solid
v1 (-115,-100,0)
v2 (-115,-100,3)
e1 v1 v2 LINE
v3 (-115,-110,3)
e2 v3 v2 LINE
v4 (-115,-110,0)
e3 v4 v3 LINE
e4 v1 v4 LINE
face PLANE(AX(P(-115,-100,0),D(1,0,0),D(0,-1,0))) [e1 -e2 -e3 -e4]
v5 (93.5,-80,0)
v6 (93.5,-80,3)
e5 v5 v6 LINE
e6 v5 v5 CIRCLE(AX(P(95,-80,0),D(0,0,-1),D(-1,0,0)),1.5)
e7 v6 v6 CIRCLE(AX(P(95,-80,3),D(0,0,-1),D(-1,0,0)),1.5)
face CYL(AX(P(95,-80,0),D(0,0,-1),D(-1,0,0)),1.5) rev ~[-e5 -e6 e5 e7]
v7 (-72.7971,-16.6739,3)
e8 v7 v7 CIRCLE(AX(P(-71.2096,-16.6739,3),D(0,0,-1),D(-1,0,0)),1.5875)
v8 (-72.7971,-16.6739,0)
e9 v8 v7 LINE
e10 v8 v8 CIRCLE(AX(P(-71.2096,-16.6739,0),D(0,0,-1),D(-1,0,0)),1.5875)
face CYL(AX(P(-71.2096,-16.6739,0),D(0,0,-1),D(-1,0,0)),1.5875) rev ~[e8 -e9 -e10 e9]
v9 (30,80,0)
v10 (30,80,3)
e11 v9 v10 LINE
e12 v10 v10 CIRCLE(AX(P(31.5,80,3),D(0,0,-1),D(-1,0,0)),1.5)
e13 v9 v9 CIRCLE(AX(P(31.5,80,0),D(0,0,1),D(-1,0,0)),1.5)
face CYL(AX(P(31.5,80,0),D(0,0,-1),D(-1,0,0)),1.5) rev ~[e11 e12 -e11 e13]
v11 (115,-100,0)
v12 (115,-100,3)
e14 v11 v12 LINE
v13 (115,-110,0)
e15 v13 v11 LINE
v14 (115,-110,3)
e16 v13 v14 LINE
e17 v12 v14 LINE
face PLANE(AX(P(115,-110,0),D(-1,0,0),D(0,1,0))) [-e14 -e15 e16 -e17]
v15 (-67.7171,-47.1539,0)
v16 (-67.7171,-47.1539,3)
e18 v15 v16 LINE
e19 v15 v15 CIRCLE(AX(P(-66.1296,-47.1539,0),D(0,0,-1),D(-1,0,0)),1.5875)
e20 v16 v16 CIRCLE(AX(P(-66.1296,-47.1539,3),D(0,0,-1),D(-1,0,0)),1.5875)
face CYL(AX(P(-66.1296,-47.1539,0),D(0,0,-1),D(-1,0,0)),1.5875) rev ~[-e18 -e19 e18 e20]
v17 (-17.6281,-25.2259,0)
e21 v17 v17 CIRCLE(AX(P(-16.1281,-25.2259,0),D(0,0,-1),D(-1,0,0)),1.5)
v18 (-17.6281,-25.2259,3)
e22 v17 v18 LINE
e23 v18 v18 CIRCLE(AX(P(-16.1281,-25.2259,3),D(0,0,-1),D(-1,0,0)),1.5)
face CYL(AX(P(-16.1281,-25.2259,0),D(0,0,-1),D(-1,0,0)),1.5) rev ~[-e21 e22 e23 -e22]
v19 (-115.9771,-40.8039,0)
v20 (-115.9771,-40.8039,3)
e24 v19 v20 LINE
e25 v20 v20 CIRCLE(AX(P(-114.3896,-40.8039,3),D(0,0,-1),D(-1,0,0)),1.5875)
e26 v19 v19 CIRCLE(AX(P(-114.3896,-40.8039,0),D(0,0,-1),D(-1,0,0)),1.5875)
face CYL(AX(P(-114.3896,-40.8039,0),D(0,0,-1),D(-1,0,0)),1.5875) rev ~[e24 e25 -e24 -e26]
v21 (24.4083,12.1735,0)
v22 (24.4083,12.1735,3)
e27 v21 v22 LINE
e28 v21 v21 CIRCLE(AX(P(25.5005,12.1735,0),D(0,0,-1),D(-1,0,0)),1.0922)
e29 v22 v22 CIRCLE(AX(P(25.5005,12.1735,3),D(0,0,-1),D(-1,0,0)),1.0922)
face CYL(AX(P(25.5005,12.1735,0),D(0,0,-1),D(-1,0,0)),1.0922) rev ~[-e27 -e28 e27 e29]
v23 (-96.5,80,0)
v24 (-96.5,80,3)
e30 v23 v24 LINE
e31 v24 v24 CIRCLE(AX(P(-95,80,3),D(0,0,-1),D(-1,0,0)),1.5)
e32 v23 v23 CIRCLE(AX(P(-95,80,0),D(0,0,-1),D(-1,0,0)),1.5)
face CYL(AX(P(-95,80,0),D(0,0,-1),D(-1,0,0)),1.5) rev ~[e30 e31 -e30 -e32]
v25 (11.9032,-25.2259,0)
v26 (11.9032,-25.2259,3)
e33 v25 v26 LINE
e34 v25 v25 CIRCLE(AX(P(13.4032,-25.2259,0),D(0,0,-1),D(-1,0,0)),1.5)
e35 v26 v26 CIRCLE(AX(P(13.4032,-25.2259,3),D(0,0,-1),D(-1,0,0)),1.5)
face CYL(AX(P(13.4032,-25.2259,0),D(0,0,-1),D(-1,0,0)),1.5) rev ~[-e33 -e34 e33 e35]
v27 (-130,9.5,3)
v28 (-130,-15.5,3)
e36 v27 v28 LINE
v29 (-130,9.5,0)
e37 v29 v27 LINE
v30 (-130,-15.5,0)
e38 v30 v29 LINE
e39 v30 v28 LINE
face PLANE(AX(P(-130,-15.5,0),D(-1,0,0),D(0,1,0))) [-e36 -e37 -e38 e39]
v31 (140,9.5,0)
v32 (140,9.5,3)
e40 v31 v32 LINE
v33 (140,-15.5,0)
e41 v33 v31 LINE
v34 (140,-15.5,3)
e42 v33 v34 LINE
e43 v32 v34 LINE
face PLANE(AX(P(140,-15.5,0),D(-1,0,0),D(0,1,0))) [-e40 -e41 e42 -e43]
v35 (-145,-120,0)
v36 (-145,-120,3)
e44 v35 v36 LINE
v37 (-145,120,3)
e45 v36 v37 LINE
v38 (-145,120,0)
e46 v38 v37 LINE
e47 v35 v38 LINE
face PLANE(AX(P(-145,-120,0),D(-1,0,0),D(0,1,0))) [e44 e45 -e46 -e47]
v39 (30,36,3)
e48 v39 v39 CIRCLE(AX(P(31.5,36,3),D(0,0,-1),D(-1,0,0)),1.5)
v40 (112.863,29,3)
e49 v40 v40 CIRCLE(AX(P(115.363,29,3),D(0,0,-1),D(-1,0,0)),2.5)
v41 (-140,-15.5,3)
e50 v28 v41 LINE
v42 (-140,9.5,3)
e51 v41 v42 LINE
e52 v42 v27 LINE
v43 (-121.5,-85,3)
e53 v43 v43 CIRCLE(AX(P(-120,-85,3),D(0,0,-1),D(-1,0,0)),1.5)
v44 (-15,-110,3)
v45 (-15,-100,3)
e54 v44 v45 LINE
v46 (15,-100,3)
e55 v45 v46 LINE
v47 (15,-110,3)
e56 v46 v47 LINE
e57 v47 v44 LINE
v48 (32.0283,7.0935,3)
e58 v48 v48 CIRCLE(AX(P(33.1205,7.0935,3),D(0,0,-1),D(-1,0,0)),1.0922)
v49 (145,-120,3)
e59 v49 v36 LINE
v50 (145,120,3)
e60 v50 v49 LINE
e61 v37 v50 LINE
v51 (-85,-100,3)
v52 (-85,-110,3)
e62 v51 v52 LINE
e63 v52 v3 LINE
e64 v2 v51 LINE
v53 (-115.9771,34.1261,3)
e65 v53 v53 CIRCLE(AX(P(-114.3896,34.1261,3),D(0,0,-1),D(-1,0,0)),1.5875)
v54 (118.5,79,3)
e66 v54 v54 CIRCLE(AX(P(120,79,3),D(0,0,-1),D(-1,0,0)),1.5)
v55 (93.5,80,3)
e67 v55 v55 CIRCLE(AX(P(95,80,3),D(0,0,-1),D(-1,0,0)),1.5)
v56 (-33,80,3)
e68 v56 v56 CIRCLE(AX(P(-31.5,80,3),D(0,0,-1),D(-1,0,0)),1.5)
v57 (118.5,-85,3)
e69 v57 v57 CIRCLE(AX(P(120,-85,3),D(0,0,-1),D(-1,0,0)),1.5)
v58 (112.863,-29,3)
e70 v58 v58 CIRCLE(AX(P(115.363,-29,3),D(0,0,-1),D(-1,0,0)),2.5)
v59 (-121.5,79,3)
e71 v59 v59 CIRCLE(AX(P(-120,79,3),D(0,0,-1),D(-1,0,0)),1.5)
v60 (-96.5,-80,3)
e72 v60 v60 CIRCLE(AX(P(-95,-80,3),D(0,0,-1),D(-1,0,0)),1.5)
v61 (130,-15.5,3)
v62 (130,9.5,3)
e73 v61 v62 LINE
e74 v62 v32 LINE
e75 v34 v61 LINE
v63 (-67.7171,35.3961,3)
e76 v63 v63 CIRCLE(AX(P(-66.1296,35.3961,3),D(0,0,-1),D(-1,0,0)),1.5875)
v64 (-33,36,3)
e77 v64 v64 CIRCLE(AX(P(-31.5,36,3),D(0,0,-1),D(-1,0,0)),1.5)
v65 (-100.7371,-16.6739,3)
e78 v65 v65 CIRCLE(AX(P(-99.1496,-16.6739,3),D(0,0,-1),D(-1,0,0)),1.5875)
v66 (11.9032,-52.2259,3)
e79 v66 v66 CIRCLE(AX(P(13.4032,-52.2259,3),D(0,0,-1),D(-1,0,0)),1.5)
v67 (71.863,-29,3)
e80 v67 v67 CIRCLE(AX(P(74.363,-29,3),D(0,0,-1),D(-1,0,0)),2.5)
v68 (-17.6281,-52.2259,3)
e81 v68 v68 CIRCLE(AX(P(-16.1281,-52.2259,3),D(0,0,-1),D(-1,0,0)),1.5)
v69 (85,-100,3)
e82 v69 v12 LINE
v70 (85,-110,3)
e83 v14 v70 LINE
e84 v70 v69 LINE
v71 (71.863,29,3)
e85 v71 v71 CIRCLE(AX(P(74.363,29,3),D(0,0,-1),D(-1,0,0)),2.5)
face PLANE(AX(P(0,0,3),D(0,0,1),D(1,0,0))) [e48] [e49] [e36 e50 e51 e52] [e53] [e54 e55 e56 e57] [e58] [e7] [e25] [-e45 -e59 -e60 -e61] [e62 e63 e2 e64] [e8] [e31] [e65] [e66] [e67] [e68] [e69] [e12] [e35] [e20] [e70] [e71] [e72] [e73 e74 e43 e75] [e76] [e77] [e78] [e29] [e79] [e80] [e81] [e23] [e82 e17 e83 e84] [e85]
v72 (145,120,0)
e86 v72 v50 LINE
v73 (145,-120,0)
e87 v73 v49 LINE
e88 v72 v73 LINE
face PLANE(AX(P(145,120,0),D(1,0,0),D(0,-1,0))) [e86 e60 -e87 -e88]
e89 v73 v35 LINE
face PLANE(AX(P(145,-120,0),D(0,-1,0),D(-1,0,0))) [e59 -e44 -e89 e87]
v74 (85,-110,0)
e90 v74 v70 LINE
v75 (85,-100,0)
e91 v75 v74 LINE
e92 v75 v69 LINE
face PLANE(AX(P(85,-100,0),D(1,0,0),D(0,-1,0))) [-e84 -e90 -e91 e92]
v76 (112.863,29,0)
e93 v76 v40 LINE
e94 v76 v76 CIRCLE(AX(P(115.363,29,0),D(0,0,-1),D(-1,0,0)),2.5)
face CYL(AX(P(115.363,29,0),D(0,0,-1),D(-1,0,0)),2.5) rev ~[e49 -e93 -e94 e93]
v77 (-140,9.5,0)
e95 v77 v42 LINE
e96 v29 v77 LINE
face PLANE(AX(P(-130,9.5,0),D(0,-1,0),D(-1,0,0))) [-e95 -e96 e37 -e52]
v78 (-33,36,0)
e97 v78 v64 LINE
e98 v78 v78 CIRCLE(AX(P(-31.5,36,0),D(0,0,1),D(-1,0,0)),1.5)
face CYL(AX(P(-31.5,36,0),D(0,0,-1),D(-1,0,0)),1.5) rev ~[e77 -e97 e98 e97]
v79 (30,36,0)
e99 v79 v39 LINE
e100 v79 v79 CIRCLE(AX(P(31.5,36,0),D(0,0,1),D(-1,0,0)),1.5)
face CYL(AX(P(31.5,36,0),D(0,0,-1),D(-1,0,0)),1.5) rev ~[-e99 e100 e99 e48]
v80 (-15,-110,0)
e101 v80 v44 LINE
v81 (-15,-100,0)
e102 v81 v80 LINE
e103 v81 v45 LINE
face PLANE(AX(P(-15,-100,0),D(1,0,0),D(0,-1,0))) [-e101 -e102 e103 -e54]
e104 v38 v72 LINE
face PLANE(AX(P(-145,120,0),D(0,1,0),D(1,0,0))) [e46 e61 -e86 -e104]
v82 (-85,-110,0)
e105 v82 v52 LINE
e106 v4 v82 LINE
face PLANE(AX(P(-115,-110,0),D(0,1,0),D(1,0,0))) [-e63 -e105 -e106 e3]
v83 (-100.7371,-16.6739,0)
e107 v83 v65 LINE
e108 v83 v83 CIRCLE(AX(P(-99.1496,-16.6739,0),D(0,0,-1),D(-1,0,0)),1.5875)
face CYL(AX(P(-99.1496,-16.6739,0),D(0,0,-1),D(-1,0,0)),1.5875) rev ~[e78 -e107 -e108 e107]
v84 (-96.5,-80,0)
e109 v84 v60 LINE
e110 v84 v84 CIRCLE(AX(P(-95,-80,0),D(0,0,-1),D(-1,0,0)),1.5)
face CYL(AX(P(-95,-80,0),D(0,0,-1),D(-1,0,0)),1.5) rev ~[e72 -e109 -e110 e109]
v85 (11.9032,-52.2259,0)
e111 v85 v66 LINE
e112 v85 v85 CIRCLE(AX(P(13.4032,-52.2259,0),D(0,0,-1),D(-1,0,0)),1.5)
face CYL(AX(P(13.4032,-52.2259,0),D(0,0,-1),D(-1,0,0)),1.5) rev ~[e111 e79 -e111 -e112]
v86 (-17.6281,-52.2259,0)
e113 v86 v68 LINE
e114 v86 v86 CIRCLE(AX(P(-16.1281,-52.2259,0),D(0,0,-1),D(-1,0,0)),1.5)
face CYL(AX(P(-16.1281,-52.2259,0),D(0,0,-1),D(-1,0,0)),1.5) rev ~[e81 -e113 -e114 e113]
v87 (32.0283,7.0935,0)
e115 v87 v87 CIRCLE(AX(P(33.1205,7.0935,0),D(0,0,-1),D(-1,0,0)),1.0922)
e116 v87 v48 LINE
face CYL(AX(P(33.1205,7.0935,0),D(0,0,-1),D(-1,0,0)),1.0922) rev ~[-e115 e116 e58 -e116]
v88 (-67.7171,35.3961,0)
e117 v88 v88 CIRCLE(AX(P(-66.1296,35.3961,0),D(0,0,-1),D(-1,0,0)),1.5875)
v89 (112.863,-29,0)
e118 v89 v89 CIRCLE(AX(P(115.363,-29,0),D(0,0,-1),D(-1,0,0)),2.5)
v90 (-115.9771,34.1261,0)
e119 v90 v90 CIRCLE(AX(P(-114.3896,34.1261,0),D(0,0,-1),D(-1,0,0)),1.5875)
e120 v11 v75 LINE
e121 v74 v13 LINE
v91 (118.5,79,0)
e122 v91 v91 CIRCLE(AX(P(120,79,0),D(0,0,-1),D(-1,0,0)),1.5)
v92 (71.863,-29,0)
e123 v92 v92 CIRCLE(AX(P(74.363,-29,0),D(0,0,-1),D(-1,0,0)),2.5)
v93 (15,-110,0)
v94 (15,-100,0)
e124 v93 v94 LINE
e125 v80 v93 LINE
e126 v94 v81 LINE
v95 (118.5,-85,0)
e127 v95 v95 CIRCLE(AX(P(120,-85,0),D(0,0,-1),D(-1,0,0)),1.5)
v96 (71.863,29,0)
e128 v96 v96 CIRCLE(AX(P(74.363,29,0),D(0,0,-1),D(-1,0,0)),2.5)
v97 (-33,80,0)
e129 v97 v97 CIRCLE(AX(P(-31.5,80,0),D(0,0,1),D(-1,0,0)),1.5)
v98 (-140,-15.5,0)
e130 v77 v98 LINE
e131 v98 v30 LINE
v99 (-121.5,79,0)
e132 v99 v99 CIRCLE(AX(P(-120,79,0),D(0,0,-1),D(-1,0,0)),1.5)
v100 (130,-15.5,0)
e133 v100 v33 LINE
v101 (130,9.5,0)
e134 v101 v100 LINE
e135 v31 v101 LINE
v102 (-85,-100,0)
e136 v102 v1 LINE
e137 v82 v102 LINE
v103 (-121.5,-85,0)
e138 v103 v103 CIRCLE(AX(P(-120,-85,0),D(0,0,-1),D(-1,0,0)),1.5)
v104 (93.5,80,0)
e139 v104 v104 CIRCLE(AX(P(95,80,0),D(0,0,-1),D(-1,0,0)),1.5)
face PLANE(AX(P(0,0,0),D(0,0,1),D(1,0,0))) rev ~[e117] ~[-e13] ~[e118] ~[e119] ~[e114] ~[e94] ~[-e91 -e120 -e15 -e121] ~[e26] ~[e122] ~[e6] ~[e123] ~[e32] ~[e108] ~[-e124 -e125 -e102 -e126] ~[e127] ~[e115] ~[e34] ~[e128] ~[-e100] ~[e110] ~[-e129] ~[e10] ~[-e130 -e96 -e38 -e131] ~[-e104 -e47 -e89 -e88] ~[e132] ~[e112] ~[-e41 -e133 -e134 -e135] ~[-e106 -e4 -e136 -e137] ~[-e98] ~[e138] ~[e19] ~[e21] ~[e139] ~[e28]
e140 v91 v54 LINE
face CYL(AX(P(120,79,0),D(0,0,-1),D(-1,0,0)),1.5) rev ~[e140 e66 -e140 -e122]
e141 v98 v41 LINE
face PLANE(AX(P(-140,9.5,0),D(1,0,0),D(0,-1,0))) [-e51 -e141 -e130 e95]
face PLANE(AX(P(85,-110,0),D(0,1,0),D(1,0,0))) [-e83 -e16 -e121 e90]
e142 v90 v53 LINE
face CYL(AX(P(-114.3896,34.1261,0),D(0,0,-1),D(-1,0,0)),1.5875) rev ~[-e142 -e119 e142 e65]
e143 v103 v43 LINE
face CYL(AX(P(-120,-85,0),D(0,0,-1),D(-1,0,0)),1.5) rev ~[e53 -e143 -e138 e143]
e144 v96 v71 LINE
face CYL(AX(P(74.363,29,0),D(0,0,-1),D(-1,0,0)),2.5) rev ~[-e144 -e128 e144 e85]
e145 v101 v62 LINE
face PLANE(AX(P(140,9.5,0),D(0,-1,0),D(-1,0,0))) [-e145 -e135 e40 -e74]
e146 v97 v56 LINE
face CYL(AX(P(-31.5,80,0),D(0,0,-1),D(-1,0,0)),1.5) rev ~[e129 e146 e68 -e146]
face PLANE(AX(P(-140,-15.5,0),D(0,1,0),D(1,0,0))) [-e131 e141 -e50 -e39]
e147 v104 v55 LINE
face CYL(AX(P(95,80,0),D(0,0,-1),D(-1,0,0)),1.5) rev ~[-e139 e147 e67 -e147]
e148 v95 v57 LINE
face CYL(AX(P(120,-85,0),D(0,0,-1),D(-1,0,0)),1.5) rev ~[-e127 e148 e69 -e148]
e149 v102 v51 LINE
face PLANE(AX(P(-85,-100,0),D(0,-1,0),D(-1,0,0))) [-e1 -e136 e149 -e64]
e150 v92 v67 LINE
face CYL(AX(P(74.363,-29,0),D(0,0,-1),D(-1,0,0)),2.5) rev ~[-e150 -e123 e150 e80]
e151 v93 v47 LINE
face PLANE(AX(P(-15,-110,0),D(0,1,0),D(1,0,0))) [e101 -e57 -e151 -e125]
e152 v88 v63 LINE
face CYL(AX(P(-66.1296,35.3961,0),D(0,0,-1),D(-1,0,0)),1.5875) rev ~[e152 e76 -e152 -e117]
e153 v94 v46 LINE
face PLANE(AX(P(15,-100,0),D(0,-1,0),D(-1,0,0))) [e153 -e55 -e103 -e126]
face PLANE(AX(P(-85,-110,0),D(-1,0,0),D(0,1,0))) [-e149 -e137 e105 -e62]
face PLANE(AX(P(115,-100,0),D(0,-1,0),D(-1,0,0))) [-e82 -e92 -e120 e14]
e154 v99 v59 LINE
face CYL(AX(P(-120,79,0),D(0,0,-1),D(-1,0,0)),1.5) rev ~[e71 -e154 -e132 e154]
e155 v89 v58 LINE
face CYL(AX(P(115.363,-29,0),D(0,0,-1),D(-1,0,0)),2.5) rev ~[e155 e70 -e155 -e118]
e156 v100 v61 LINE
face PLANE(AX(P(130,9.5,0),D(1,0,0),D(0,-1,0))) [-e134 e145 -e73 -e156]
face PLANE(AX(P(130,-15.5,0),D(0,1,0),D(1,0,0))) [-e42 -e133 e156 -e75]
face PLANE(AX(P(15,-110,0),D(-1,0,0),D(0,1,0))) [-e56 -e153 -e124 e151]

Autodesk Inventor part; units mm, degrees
ref_plane "YZ Plane" through (0, 0, 0) normal (1, 0, 0) x (0, 1, 0)
ref_plane "XZ Plane" through (0, 0, 0) normal (0, 1, 0) x (-1, 0, 0)
ref_plane "XY Plane" through (0, 0, 0) normal (0, 0, 1) x (1, 0, 0)
sketch "Эскиз1" plane through (0, 0, 0) normal (0, 0, 1) x (1, 0, 0)
  line L0 (-145, 120) -> (145, 120)
  line L1 (145, 120) -> (145, -120)
  line L2 (145, -120) -> (-145, -120)
  line L3 (-145, -120) -> (-145, 120)
  line L4 (-145, 120) -> (145, -120) construction
  line L5 (145, 120) -> (-145, -120) construction
  point P0 (0, 0)
  dimension "d0" = 290
  dimension "d1" = 240
extrude "Выдавливание1" add sketch "Эскиз1" along normal blind 3
sketch "Эскиз2" plane through (0, 0, 3) normal (0, 0, 1) x (1, 0, 0)
  line L0 (-5, 95) -> (5, 95)
  line L1 (145, 120) -> (-145, 120) projected
  line L2 (0, 168) -> (0, -168) projected
  line L3 (-101.423, -89.3301) -> (-106.423, -80.6699)
  line L4 (106.423, -80.6699) -> (101.423, -89.3301)
  point P0 (0, 0)
  point P1 (0, 95)
  point P2 (0, -25)
  point P3 (-103.923, -85)
  point P4 (103.923, -85)
  dimension "d4" = 25
  dimension "d5" = 10
  dimension "d8" = 360
  dimension "d10" = 120
sketch "Эскиз4" plane through (0, 0, 0) normal (0, 0, -1) x (-1, 0, 0)
  line L0 (130, -15.5) -> (130, 9.5) projected
  line L1 (130, 9.5) -> (140, 9.5) projected
  line L2 (140, 9.5) -> (140, -15.5) projected
  line L3 (140, -15.5) -> (130, -15.5) projected
  line L4 (-15, -100) -> (15, -100) projected
  line L5 (15, -100) -> (15, -110) projected
  line L6 (15, -110) -> (-15, -110) projected
  line L7 (-15, -110) -> (-15, -100) projected
  line L8 (115, -100) -> (115, -110) projected
  line L9 (115, -110) -> (85, -110) projected
  line L10 (85, -110) -> (85, -100) projected
  line L11 (85, -100) -> (115, -100) projected
  line L12 (-130, -15.5) -> (-140, -15.5) projected
  line L13 (-140, -15.5) -> (-140, 9.5) projected
  line L14 (-140, 9.5) -> (-130, 9.5) projected
  line L15 (-130, 9.5) -> (-130, -15.5) projected
  circle A0 centre (120, 79) radius 1.5 projected
  circle A1 centre (-120, -85) radius 1.5 projected
  circle A2 centre (120, -85) radius 1.5 projected
  line L16 (-85, -100) -> (-85, -110) projected
  line L17 (-85, -110) -> (-115, -110) projected
  line L18 (-115, -110) -> (-115, -100) projected
  line L19 (-115, -100) -> (-85, -100) projected
  circle A3 centre (-120, 79) radius 1.5 projected
  line L20 (150, 119) -> (-150, 119) projected
  line L21 (-150, 119) -> (-150, -125) projected
  line L22 (-150, -125) -> (150, -125) projected
  line L23 (150, -125) -> (150, 119) projected
  point P0 (0, 0)
extrude "Выдавливание3" cut sketch "Эскиз4" against normal blind 10 contours L0 L1 L2 L3 | L4 L5 L6 L7 | L8 L9 L10 L11 | L12 L13 L14 L15 | A0 | A1 | A2 | L16 L17 L18 L19 | A3
sketch "Эскиз6" plane through (0, 0, 0) normal (0, 0, -1) x (-1, 0, 0)
  circle A0 centre (-115.363, -29) radius 2.5 projected
  circle A1 centre (-115.363, 29) radius 2.5 projected
  circle A2 centre (-74.363, 29) radius 2.5 projected
  circle A3 centre (-74.363, -29) radius 2.5 projected
  circle A4 centre (-25.5005, 12.1735) radius 1.0922 projected
  circle A5 centre (-33.1205, 7.0935) radius 1.0922 projected
  circle A6 centre (-25.5005, 12.1735) radius 1.0922 projected
  circle A7 centre (16.1281, -25.2259) radius 1.5 projected
  circle A8 centre (16.1281, -52.2259) radius 1.5 projected
  circle A9 centre (-13.4032, -52.2259) radius 1.5 projected
  circle A10 centre (-13.4032, -25.2259) radius 1.5 projected
  circle A11 centre (66.1296, 35.3961) radius 1.5875 projected
  circle A12 centre (66.1296, -47.1539) radius 1.5875 projected
  circle A13 centre (114.3896, -40.8039) radius 1.5875 projected
  circle A14 centre (99.1496, -16.6739) radius 1.5875 projected
  circle A15 centre (71.2096, -16.6739) radius 1.5875 projected
  circle A16 centre (114.3896, 34.1261) radius 1.5875 projected
  line L0 (30, 37.5) -> (33, 37.5) projected
  line L1 (30, 34.5) -> (33, 34.5) projected
  line L2 (-33, 37.5) -> (-30, 37.5) projected
  line L3 (-33, 34.5) -> (-30, 34.5) projected
  line L4 (-33, 78.5) -> (-30, 78.5) projected
  line L5 (-33, 81.5) -> (-30, 81.5) projected
  line L6 (30, 78.5) -> (33, 78.5) projected
  line L7 (30, 81.5) -> (33, 81.5) projected
  circle A17 centre (31.5, 36) radius 1.5
  line L8 (33, 34.5) -> (33, 37.5) construction
  line L9 (-30, 34.5) -> (-30, 37.5) construction
  circle A18 centre (-31.5, 36) radius 1.5
  line L10 (33, 78.5) -> (33, 81.5) construction
  circle A19 centre (31.5, 80) radius 1.5
  circle A20 centre (-31.5, 80) radius 1.5
  line L11 (-33, 78.5) -> (-33, 81.5) construction
  point P0 (0, 0)
  dimension "d18" = 3
extrude "Выдавливание4" cut sketch "Эскиз6" against normal blind 10
sketch "Эскиз7" plane through (0, 0, 0) normal (0, 0, -1) x (-1, 0, 0)
  circle A0 centre (-95, 80) radius 1.5
  circle A1 centre (95, 80) radius 1.5
  circle A2 centre (95, -80) radius 1.5
  circle A3 centre (-95, -80) radius 1.5
  line L0 (-95, 80) -> (95, 80) construction
  line L1 (95, -80) -> (95, 80) construction
  circle A4 centre (-120, -85) radius 1.5 construction
  line L2 (-95, -80) -> (95, -80) construction
  line L3 (145, -120) -> (-145, -120) construction
  line L4 (-145, 120) -> (145, 120) construction
  line L5 (145, 120) -> (145, -120) construction
  line L6 (-95, 80) -> (-95, -80) construction
  line L7 (-145, -120) -> (-145, 120) construction
  point P0 (0, 0)
  dimension "d19" = 40
  dimension "d20" = 40
  dimension "d21" = 50
  dimension "d22" = 50
  dimension "d23" = 3
extrude "Выдавливание5" cut sketch "Эскиз7" against normal blind 10
properties part number "electronic_plate_long_side"
